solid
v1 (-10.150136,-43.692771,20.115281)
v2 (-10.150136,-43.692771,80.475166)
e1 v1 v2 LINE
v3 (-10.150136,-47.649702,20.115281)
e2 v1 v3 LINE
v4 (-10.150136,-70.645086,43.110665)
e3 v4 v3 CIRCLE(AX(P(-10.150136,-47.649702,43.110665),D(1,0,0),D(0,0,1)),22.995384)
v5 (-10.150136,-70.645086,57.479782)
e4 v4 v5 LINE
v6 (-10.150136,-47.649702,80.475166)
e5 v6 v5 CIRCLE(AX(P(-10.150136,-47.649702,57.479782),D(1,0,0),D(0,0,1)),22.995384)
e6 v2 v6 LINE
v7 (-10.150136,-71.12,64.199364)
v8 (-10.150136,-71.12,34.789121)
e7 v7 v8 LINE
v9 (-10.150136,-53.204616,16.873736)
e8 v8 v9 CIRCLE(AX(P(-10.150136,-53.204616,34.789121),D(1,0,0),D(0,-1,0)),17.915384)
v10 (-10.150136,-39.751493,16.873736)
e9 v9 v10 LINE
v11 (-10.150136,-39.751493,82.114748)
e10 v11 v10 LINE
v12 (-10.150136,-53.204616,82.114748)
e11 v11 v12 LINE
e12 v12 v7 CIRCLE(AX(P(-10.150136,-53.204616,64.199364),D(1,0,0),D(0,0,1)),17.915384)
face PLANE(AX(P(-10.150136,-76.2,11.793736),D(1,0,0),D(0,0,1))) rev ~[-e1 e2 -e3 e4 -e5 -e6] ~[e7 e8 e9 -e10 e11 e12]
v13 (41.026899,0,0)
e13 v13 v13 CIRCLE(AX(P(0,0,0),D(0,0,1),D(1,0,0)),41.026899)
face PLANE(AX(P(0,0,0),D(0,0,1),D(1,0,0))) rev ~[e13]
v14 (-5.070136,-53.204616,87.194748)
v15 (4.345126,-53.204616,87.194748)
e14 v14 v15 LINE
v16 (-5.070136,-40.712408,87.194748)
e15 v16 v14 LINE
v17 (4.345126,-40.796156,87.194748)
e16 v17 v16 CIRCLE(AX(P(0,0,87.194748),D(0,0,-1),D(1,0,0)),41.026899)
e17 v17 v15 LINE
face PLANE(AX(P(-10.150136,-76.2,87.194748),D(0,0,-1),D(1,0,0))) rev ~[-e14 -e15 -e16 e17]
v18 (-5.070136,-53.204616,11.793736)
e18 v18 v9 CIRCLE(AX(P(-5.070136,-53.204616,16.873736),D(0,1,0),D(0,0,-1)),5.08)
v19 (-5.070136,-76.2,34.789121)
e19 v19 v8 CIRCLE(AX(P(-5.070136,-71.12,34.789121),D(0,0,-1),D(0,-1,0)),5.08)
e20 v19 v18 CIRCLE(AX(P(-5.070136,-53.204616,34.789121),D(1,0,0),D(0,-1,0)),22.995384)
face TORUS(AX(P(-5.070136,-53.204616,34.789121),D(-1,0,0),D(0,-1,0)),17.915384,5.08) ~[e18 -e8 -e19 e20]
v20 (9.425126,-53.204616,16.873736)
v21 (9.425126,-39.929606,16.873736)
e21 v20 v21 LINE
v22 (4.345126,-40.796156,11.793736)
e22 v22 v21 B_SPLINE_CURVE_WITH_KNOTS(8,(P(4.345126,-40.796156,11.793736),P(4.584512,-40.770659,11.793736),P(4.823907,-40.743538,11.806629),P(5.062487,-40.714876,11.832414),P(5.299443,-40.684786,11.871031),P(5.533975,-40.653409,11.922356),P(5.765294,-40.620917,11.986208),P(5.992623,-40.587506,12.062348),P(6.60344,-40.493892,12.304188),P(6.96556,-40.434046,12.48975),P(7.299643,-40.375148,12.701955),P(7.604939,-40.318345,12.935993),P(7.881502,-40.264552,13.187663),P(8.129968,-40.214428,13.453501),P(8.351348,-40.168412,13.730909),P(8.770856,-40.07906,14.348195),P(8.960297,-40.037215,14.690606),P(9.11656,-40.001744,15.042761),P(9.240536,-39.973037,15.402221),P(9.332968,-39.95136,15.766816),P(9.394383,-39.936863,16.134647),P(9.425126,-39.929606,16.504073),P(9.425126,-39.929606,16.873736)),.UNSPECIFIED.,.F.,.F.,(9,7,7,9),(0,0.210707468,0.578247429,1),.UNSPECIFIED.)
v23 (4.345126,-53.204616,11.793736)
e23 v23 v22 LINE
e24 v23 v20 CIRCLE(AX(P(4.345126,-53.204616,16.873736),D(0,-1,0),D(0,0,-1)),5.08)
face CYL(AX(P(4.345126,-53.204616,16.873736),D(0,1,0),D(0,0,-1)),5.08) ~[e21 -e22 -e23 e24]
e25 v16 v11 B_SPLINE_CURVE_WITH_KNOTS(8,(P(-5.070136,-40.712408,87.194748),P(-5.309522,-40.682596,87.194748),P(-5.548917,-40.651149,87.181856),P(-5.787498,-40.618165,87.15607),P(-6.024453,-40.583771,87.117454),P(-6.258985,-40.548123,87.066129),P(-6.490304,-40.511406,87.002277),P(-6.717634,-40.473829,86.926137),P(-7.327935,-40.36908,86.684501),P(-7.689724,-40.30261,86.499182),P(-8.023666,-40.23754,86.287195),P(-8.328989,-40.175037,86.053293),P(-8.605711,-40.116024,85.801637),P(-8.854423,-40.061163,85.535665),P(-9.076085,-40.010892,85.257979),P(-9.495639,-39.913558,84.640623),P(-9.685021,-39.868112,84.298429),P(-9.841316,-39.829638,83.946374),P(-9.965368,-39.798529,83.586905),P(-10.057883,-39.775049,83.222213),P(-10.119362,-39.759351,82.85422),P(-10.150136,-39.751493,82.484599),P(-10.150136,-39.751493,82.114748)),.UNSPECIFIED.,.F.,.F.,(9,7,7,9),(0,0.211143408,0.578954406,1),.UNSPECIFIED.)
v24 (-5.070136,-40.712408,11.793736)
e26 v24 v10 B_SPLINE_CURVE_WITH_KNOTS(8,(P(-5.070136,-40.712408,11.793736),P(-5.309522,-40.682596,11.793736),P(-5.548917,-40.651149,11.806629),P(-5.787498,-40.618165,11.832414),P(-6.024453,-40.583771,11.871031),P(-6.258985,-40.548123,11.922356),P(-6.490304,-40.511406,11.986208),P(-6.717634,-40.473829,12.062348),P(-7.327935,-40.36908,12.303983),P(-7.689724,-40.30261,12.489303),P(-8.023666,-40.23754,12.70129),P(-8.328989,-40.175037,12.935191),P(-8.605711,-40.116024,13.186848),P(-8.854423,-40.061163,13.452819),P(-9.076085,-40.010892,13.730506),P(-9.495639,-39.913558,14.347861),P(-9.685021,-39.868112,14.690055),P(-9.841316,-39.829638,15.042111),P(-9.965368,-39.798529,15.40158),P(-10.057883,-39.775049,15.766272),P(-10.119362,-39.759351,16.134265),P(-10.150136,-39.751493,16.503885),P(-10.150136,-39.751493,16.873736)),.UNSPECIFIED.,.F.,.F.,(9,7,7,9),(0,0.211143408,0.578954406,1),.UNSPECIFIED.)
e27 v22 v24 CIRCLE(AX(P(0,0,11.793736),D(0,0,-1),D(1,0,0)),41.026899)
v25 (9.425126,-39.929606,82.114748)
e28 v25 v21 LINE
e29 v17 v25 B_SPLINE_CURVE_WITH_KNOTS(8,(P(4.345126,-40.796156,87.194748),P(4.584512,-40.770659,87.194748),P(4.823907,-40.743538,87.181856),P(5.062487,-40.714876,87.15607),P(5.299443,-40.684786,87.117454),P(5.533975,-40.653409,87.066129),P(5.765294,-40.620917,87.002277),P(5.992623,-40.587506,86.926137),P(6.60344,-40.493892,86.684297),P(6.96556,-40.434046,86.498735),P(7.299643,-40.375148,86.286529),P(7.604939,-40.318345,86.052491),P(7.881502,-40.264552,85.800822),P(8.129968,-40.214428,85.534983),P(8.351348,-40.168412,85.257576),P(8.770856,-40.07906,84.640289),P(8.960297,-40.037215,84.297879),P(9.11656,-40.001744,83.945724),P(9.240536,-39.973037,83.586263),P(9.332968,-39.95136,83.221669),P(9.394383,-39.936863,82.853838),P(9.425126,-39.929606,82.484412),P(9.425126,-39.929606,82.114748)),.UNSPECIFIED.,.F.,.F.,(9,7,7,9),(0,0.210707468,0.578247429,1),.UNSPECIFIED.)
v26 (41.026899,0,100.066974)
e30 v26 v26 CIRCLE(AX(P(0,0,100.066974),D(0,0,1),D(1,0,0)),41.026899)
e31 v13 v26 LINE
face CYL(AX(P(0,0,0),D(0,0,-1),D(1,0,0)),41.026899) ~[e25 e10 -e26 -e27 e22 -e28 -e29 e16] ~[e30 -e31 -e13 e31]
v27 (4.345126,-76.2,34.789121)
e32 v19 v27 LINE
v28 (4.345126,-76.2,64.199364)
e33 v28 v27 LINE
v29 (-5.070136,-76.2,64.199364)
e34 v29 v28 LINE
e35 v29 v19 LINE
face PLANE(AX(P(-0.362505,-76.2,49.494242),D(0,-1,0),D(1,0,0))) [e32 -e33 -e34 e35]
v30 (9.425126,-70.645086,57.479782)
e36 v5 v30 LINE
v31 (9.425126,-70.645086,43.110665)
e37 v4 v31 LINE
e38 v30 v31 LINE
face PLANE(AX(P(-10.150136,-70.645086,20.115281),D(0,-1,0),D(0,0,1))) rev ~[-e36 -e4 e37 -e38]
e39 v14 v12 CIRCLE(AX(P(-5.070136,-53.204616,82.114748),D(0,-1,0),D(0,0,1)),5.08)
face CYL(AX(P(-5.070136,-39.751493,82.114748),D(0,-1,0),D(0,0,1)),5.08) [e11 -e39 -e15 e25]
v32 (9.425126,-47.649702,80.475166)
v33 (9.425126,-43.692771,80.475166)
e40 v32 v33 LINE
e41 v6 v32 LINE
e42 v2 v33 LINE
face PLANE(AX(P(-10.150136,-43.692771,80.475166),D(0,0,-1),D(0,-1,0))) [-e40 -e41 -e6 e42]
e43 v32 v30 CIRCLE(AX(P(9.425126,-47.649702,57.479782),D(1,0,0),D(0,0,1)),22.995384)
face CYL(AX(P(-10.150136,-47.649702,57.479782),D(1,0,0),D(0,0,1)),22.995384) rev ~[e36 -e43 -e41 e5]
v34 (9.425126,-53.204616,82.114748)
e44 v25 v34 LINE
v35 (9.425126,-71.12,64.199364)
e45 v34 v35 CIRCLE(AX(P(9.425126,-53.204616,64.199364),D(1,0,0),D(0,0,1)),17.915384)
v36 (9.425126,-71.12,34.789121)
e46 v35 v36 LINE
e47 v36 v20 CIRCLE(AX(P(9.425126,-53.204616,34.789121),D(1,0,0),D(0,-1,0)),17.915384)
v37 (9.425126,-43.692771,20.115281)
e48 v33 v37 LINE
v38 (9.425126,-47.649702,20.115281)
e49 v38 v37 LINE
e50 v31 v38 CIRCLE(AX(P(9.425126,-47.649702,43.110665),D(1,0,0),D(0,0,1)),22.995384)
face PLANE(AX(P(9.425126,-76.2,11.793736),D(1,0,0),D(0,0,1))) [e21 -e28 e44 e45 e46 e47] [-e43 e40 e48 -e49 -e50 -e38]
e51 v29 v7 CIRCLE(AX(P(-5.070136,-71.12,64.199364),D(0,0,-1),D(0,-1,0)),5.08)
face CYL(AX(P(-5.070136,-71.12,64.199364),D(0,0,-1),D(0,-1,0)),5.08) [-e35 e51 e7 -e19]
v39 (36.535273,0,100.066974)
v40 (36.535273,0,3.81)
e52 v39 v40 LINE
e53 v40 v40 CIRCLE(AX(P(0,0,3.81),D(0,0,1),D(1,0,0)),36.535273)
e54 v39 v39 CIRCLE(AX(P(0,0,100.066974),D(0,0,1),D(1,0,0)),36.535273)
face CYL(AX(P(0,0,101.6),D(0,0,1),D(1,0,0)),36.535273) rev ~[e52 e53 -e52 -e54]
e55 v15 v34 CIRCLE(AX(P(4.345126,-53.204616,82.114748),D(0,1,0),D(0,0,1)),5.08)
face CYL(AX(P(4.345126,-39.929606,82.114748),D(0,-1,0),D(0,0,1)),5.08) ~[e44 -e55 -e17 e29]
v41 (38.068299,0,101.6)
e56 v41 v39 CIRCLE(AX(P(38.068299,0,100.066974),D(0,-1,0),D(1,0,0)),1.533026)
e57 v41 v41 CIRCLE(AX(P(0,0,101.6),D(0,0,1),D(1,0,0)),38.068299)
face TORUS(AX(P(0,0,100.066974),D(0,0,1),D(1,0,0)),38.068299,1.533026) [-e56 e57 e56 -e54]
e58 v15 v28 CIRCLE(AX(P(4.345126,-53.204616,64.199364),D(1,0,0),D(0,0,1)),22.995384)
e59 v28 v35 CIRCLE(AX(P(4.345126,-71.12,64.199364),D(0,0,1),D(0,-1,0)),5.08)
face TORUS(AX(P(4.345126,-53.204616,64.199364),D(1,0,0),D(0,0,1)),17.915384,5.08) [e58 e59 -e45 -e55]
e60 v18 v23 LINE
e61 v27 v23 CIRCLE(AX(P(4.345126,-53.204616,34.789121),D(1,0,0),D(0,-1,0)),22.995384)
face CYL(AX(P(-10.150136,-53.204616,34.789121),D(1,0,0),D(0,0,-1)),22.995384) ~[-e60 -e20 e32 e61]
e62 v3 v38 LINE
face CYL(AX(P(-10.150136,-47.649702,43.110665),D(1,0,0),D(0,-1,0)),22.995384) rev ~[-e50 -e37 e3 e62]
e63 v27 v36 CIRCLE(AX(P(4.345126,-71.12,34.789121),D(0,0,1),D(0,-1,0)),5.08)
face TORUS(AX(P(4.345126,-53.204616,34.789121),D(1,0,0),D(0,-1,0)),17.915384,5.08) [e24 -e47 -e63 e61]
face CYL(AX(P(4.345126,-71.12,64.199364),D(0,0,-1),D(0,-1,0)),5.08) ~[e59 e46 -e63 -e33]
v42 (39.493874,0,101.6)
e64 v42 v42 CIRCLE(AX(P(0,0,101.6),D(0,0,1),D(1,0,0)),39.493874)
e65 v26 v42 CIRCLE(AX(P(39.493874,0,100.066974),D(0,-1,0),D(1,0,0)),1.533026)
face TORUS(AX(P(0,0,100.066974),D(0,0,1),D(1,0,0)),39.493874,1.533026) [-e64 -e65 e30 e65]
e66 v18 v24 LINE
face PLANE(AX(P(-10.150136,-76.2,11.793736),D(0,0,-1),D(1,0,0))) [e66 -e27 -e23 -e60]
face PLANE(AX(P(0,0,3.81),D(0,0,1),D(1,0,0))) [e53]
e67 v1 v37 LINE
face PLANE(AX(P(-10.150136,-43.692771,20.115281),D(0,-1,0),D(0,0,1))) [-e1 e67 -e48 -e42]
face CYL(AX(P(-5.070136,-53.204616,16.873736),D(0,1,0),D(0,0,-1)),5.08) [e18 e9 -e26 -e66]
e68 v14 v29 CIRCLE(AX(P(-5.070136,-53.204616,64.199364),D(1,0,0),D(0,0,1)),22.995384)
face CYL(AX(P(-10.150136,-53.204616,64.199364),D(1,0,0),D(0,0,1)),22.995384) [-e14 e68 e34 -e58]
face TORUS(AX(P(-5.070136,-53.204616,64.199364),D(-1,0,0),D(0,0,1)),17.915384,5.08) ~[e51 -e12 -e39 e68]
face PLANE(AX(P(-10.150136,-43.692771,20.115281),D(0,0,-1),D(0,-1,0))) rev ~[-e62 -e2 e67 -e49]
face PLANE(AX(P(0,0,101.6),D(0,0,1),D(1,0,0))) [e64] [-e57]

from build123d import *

# Parameters (mm, degrees)
F0_R     = 41.0268992287
F1_DEPTH = 101.6
F2_R     = 36.535273012
F3_DEPTH = 97.79
F4_R     = 1.5330256121
F6_W     = 19.5752624422
F6_H     = 75.4010118544
F8_W     = 26.9523151219
F8_H     = 60.3598859161
F9_DEPTH = 51.1780356548
F10_R    = 22.9953841816
F11_R    = 5.08
F12_R    = 5.08


with BuildPart() as f1:
    # F0 (on Top) → F1 (new body)
    with BuildSketch(Plane.XY):
        Circle(F0_R)
    extrude(amount=F1_DEPTH)

    # F2 (on face) → F3 (cut)
    with BuildSketch(Plane.XY.offset(101.6)):
        Circle(F2_R)
    extrude(amount=-F3_DEPTH, mode=Mode.SUBTRACT)

    # F4
    f4_edges = [f1.edges().sort_by_distance(p)[0] for p in [
        (-36.535273, 0, 101.6),
        (-41.026899, 0, 101.6),
    ]]
    fillet(f4_edges, radius=F4_R)

    # F6 (on offset) → F7 (join, up to the next surface of F1)
    with BuildSketch(Plane.XZ.offset(76.2)):
        with Locations((-0.362505205, 49.4942422956)):
            Rectangle(F6_W, F6_H)
    extrude(until=Until.NEXT, dir=(0, 1, 0))

    # F8 (on face) → F9 (cut, through all)
    with BuildSketch(Plane(origin=(-10.1501364261, 0, 0), x_dir=(0, -1, 0), z_dir=(-1, 0, 0))):
        with Locations((57.1689289063, 50.295223482)):
            Rectangle(F8_W, F8_H)
    extrude(amount=-F9_DEPTH, mode=Mode.SUBTRACT)

    # F10
    f10_edges = [f1.edges().sort_by_distance(p)[0] for p in [
        (-0.362505, -76.2, 87.194748),
        (-0.362505, -76.2, 11.793736),
        (-0.362505, -70.645086, 20.115281),
        (-0.362505, -70.645086, 80.475166),
    ]]
    fillet(f10_edges, radius=F10_R)

    # F11
    f11_edges = [f1.edges().sort_by_distance(p)[0] for p in [
        (-10.150136, -69.464808, 80.459556),
    ]]
    fillet(f11_edges, radius=F11_R)

    # F12
    f12_edges = [f1.edges().sort_by_distance(p)[0] for p in [
        (9.425126, -69.464808, 80.459556),
    ]]
    fillet(f12_edges, radius=F12_R)


solid = f1.part
